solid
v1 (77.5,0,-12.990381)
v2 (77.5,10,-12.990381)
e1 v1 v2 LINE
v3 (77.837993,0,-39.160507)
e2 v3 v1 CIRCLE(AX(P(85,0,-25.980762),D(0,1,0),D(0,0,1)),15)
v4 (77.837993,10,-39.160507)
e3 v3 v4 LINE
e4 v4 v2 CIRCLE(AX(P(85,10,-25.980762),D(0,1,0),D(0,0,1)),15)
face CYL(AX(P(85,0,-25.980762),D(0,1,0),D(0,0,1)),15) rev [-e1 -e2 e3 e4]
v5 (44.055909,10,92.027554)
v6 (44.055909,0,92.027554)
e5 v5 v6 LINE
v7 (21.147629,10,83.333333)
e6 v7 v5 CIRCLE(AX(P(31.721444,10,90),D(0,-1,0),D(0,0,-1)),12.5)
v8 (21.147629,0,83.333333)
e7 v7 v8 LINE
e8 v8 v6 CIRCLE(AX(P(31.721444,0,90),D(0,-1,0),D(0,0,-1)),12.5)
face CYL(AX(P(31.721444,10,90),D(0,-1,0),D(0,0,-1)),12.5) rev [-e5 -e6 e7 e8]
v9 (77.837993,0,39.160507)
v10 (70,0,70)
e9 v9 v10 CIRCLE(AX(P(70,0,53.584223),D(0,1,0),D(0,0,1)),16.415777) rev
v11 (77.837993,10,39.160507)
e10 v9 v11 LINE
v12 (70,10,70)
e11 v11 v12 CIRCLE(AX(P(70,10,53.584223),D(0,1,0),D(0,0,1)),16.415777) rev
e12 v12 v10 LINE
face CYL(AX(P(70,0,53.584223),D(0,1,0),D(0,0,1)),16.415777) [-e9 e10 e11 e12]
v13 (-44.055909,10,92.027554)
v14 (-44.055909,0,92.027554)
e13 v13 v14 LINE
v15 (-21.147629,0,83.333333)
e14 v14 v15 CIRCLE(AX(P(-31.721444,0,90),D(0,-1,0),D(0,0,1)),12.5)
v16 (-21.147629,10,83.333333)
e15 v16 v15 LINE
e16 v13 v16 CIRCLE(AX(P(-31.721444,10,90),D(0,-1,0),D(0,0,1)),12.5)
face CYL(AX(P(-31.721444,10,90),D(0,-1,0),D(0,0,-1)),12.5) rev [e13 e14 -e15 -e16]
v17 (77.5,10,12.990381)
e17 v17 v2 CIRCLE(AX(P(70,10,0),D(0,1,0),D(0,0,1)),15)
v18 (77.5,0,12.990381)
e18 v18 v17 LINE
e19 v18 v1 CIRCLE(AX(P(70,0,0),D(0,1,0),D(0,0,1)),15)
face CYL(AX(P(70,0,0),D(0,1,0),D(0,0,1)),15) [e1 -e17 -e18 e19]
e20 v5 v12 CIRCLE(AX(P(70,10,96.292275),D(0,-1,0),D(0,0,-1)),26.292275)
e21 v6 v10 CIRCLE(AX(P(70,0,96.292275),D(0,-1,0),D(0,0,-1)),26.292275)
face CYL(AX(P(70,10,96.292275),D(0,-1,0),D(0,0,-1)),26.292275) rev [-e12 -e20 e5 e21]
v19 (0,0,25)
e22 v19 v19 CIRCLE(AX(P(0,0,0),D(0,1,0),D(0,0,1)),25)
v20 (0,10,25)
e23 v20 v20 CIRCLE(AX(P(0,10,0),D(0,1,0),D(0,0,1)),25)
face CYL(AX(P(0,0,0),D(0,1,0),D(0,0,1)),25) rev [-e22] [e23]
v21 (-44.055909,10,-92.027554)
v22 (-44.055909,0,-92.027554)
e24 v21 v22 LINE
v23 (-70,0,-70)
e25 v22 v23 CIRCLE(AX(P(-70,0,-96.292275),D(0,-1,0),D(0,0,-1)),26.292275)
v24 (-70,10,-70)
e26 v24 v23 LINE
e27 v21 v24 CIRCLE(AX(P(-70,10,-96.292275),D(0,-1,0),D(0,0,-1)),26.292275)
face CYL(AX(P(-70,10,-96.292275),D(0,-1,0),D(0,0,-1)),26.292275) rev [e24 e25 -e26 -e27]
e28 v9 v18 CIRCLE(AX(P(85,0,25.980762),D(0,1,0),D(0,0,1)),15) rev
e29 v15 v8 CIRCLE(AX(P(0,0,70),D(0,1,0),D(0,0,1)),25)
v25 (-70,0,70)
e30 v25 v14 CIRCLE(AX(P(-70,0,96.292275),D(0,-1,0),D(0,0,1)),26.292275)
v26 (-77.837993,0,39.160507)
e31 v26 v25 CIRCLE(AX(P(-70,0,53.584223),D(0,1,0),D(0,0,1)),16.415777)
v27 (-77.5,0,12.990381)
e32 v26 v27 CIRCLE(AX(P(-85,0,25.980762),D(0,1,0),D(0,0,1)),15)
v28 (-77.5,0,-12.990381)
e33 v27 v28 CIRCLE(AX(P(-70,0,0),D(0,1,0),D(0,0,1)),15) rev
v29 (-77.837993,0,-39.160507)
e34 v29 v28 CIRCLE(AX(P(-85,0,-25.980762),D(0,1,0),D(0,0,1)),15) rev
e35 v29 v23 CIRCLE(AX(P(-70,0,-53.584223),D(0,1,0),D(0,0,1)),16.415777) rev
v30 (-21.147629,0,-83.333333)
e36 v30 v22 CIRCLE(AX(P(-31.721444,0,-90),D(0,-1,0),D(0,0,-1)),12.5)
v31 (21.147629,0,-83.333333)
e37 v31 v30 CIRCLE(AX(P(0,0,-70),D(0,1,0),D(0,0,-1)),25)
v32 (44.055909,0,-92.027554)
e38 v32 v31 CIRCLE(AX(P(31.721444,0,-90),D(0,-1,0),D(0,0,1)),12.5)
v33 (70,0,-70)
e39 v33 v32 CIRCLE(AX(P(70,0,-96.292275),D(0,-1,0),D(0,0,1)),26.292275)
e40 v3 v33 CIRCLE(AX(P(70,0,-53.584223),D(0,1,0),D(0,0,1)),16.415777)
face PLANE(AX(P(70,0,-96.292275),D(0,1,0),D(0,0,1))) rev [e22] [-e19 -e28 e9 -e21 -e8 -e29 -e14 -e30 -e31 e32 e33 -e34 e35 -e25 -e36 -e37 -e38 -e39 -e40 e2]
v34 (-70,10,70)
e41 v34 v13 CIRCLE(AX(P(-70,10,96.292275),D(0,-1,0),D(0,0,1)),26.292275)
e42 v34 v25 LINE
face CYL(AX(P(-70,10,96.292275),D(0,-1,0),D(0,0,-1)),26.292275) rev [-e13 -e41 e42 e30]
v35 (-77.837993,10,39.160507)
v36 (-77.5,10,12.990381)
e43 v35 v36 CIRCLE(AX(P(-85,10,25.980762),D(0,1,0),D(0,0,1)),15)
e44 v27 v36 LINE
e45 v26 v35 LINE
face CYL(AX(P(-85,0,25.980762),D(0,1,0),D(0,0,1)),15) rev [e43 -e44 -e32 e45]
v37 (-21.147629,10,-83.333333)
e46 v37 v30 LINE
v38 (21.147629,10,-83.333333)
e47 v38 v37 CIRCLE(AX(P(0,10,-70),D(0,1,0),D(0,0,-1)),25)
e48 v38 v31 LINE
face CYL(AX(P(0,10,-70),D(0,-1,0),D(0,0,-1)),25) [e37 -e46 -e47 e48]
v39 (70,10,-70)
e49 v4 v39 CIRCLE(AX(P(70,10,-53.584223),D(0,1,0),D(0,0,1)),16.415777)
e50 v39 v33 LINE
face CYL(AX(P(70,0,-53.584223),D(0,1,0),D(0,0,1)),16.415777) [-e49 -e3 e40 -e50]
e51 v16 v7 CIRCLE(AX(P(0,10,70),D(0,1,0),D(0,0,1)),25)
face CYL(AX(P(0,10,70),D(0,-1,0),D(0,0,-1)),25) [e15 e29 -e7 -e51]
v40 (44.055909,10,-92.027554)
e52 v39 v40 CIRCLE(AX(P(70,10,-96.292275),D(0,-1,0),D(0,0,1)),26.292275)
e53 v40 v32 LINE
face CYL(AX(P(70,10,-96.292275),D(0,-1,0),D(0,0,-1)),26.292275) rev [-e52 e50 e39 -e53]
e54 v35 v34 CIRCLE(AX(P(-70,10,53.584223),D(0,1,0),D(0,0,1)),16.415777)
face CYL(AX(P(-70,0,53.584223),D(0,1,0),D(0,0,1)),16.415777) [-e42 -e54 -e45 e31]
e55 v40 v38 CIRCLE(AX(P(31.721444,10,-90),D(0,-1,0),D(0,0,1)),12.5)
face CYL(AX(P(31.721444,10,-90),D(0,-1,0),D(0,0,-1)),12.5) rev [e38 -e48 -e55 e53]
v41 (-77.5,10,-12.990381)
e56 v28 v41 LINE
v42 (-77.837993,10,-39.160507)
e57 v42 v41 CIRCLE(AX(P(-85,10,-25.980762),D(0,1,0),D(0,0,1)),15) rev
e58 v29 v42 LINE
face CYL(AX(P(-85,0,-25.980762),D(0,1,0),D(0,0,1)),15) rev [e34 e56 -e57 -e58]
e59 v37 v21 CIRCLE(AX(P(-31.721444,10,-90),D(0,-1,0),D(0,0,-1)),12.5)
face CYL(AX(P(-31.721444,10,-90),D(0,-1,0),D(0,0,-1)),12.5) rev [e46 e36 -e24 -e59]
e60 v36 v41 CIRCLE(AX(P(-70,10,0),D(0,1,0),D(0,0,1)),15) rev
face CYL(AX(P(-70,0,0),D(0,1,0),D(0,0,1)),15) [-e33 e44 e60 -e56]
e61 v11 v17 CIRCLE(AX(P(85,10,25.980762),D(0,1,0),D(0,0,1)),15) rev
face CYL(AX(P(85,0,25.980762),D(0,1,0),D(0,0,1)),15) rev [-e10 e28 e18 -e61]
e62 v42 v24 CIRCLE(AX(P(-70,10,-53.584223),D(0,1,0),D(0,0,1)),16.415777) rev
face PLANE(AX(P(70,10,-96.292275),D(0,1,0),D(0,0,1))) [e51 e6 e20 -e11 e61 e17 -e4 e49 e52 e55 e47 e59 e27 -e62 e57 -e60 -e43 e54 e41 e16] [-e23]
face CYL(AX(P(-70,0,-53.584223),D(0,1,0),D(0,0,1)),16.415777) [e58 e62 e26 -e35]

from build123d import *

# Parameters (mm, degrees)
SALIENTE_EXTRUIR1_DEPTH = 10
SALIENTE_EXTRUIR2_DEPTH = 10
CROQUIS3_R              = 25
CORTAR_EXTRUIR1_DEPTH   = 10


with BuildPart() as part:
    # Croquis1 → Saliente-Extruir1 (new body)
    with BuildSketch(Plane(origin=(0, 0, 0), x_dir=(1, 0, 0), z_dir=(0, 1, 0))):
        with BuildLine():
            Line((-70, -70), (-70, 70))
            ThreePointArc((-70, 70), (-52.983030462, 76.249658661), (-44.055908755, 92.027554074))
            ThreePointArc((-44.055908755, 92.027554074), (-36.156795126, 78.313355526), (-21.147629234, 83.333333333))
            ThreePointArc((-21.147629234, 83.333333333), (0, 95), (21.147629234, 83.333333333))
            ThreePointArc((21.147629234, 83.333333333), (36.156795126, 78.313355526), (44.055908755, 92.027554074))
            ThreePointArc((44.055908755, 92.027554074), (52.983030462, 76.249658661), (70, 70))
            Line((70, 70), (70, -70))
            ThreePointArc((70, -70), (52.983030462, -76.249658661), (44.055908755, -92.027554074))
            ThreePointArc((44.055908755, -92.027554074), (36.156795126, -78.313355526), (21.147629234, -83.333333333))
            ThreePointArc((21.147629234, -83.333333333), (0, -95), (-21.147629234, -83.333333333))
            ThreePointArc((-21.147629234, -83.333333333), (-36.156795126, -78.313355526), (-44.055908755, -92.027554074))
            ThreePointArc((-44.055908755, -92.027554074), (-52.983030462, -76.249658661), (-70, -70))
        make_face()
    extrude(amount=SALIENTE_EXTRUIR1_DEPTH)

    # Croquis2 → Saliente-Extruir2 (add)
    with BuildSketch(Plane(origin=(0, 10, 0), x_dir=(1, 0, 0), z_dir=(0, 1, 0))):
        with BuildLine():
            Line((-70, 25.98076189), (-70, 70))
            ThreePointArc((-70, 70), (-85.909969357, 57.627811916), (-77.837993487, 39.160506523))
            ThreePointArc((-77.837993487, 39.160506523), (-72.107558403, 33.647896498), (-70, 25.98076189))
        make_face()
        with BuildLine():
            ThreePointArc((77.837993487, 39.160506523), (85.909969357, 57.627811916), (70, 70))
            Line((70, 70), (70, 25.98076213))
            ThreePointArc((70, 25.98076213), (72.107558465, 33.647896602), (77.837993487, 39.160506523))
        make_face()
        with BuildLine():
            ThreePointArc((77.5, 12.990381057), (72.009618939, 18.480762121), (70, 25.98076213))
            Line((70, 25.98076213), (70, -25.98076213))
            ThreePointArc((70, -25.98076213), (72.009618939, -18.480762121), (77.5, -12.990381057))
            ThreePointArc((77.5, -12.990381057), (85, 0), (77.5, 12.990381057))
        make_face()
        with BuildLine():
            Line((-70, -25.980762199), (-70, 25.98076189))
            ThreePointArc((-70, 25.98076189), (-72.009618999, 18.480762017), (-77.5, 12.990381057))
            ThreePointArc((-77.5, 12.990381057), (-85, 0), (-77.5, -12.990381057))
            ThreePointArc((-77.5, -12.990381057), (-72.009618922, -18.480762151), (-70, -25.980762199))
        make_face()
        with BuildLine():
            Line((-70, -70), (-70, -25.980762199))
            ThreePointArc((-70, -25.980762199), (-72.107558482, -33.647896631), (-77.837993487, -39.160506523))
            ThreePointArc((-77.837993487, -39.160506523), (-85.909969357, -57.627811916), (-70, -70))
        make_face()
        with BuildLine():
            ThreePointArc((77.837993487, -39.160506523), (72.107558465, -33.647896602), (70, -25.98076213))
            Line((70, -25.98076213), (70, -70))
            ThreePointArc((70, -70), (85.909969357, -57.627811916), (77.837993487, -39.160506523))
        make_face()
    extrude(amount=-SALIENTE_EXTRUIR2_DEPTH)

    # Croquis3 → Cortar-Extruir1 (cut)
    with BuildSketch(Plane(origin=(0, 10, 0), x_dir=(1, 0, 0), z_dir=(0, 1, 0))):
        with Locations(Location((0, 0, 0), (0, 0, 270))):
            Circle(CROQUIS3_R)
    extrude(amount=-CORTAR_EXTRUIR1_DEPTH, mode=Mode.SUBTRACT)


solid = part.part
